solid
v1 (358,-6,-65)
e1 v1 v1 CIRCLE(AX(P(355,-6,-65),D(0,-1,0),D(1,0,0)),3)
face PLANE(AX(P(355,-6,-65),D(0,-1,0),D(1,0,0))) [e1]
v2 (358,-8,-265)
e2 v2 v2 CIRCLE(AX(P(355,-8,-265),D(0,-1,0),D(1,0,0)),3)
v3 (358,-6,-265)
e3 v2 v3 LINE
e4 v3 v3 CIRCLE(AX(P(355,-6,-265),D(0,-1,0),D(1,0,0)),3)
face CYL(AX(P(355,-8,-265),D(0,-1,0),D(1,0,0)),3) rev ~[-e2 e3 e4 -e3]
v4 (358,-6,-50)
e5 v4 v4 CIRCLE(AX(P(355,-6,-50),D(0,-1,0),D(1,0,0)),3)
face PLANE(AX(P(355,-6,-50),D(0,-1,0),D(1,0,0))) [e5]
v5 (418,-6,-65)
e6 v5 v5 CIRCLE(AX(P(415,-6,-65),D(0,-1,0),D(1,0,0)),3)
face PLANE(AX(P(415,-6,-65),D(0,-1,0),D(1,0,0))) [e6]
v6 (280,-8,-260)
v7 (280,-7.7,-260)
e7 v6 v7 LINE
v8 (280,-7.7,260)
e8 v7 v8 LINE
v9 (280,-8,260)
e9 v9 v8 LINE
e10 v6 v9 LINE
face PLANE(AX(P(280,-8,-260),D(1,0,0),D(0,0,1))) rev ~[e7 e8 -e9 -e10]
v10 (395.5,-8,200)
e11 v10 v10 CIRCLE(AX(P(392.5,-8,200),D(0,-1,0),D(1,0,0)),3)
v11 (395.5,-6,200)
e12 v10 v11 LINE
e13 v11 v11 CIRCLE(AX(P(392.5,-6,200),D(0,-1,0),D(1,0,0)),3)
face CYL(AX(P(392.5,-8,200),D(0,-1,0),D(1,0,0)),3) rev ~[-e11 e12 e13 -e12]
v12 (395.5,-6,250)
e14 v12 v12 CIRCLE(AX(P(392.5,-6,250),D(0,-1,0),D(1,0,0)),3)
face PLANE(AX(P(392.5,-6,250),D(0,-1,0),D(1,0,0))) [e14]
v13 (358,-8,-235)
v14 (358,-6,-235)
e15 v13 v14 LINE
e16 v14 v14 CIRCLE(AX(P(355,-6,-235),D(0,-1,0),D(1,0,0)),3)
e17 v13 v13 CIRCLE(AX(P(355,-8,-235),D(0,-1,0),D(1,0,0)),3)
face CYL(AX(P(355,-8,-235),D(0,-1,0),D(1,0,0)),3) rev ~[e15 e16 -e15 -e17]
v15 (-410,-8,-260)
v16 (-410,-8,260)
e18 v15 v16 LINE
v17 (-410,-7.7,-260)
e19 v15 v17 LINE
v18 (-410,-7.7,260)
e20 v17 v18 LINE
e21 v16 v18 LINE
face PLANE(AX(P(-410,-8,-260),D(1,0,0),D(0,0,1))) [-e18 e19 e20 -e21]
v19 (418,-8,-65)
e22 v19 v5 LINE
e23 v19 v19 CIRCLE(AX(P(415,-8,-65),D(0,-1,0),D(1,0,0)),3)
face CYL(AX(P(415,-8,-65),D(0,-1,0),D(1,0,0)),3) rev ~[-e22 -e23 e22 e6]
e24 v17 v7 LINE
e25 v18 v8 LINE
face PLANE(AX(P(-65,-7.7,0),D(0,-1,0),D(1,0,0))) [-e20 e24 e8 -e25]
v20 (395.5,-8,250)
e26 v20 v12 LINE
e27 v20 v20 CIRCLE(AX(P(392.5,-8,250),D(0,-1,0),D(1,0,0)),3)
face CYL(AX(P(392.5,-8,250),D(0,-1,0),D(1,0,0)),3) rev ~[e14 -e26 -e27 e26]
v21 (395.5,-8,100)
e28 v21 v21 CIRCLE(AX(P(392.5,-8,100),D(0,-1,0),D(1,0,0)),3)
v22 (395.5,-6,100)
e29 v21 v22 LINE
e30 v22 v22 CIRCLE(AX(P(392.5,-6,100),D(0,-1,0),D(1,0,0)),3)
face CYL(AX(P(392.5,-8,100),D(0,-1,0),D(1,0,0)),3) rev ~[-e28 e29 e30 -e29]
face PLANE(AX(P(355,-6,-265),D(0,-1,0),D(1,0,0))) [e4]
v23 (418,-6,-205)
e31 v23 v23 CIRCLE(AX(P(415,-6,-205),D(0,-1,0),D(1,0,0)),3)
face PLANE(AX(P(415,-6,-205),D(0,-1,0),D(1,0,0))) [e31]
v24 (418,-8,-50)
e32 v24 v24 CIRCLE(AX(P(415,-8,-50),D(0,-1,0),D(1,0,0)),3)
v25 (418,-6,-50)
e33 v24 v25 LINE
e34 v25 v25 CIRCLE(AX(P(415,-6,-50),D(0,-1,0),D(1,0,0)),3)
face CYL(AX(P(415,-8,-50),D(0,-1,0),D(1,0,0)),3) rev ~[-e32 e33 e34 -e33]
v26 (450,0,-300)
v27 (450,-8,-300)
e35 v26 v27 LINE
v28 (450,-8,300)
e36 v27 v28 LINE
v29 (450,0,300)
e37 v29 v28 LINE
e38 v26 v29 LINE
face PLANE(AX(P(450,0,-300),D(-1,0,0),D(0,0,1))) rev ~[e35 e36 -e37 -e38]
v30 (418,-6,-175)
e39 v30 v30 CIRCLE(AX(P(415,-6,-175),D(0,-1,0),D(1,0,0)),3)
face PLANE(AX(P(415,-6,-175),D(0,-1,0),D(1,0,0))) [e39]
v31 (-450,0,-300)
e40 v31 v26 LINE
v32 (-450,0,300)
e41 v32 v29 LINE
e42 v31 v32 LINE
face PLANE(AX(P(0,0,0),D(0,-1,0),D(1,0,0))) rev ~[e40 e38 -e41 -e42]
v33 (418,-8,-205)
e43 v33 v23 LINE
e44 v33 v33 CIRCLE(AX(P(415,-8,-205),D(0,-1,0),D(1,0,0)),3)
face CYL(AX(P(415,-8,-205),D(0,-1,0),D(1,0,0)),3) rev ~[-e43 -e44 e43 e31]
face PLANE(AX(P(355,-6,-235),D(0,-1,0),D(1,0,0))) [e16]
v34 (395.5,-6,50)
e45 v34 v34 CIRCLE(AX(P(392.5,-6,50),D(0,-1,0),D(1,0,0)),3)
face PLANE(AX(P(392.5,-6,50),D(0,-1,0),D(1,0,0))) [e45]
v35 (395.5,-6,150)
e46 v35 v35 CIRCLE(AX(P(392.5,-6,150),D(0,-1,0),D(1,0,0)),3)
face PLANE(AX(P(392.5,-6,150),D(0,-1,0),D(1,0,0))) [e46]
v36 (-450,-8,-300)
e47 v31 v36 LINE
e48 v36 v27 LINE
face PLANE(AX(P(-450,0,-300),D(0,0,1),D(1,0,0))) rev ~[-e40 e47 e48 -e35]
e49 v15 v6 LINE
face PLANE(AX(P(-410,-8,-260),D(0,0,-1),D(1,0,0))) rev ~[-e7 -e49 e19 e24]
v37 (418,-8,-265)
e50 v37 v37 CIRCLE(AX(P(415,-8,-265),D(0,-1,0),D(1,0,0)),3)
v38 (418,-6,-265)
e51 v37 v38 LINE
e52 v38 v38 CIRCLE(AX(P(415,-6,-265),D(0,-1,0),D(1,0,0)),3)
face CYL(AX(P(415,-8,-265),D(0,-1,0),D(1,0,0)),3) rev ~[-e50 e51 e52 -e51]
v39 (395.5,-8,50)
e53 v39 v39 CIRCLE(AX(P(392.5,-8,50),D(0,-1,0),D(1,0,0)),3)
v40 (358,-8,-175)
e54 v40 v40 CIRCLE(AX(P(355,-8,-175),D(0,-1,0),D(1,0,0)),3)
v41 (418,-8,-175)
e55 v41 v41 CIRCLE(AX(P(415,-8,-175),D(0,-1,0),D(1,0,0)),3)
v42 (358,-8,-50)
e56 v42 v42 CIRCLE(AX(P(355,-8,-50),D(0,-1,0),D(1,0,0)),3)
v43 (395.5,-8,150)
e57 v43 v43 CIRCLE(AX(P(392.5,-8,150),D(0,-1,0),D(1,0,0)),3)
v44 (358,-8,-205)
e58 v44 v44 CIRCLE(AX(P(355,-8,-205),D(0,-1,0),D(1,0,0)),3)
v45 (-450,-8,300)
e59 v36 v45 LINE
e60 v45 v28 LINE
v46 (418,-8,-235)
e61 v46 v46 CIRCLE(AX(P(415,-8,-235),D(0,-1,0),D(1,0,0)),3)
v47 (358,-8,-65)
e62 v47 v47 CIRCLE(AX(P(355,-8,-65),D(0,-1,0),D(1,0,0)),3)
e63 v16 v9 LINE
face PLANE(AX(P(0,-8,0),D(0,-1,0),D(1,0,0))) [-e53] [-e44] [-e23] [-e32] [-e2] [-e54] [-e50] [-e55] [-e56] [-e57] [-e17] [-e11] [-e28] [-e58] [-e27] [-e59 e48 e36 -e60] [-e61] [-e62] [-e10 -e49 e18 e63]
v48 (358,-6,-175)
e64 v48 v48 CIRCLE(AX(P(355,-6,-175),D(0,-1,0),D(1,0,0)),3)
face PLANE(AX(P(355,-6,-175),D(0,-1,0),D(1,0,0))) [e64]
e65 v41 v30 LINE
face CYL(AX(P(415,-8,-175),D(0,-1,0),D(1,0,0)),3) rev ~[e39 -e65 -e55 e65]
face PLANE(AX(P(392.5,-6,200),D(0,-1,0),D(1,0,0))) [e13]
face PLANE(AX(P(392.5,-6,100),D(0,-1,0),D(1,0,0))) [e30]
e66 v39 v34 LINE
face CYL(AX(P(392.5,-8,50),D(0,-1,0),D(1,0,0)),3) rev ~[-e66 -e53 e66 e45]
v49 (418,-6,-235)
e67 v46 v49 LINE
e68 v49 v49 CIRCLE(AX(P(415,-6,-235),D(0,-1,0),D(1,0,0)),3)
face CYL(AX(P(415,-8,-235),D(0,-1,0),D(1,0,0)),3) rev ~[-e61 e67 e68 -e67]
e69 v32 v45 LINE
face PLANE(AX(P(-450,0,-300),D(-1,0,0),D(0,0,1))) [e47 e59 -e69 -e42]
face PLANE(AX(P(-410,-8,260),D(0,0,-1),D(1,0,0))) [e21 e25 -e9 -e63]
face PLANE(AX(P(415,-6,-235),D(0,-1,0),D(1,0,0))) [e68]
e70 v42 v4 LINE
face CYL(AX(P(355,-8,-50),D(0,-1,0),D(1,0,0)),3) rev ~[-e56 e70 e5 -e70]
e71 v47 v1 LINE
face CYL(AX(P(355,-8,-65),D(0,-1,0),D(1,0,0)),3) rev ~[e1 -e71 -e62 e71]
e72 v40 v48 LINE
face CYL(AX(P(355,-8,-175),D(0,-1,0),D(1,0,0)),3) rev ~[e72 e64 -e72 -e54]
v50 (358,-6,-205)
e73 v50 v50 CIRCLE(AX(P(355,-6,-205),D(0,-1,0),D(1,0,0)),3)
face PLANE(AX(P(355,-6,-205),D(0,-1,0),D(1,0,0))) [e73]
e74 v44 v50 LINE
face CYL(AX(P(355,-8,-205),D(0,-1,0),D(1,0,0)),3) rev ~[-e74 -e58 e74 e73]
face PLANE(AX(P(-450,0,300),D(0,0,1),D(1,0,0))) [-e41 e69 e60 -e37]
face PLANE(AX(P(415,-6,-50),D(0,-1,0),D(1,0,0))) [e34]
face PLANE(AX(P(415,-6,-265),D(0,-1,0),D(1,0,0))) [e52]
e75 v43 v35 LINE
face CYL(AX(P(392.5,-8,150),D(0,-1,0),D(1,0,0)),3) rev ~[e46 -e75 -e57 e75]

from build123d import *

# Parameters (mm, degrees)
F0_W     = 900
F0_H     = 600
F1_DEPTH = 8
F2_W     = 690
F2_H     = 520
F3_DEPTH = 0.3
F4_R     = 3
F5_DEPTH = 2


with BuildPart() as f1:
    # F0 (on Front) → F1 (new body)
    with BuildSketch(Plane.XZ):
        Rectangle(F0_W, F0_H)
    extrude(amount=F1_DEPTH)

    # F2 (on face) → F3 (cut)
    with BuildSketch(Plane.XZ.offset(8)):
        with Locations((-65, 0)):
            Rectangle(F2_W, F2_H)
    extrude(amount=-F3_DEPTH, mode=Mode.SUBTRACT)

    # F4 (on face) → F5 (cut)
    with BuildSketch(Plane.XZ.offset(8)):
        with Locations((392.5, 100)):
            Circle(F4_R)
        with Locations((392.5, 150)):
            Circle(F4_R)
        with Locations((415, -65)):
            Circle(F4_R)
        with Locations((392.5, 50)):
            Circle(F4_R)
        with Locations((355, -50)):
            Circle(F4_R)
        with Locations((415, -50)):
            Circle(F4_R)
        with Locations((415, -175)):
            Circle(F4_R)
        with Locations((415, -205)):
            Circle(F4_R)
        with Locations((415, -235)):
            Circle(F4_R)
        with Locations((415, -265)):
            Circle(F4_R)
        with Locations((355, -265)):
            Circle(F4_R)
        with Locations((355, -65)):
            Circle(F4_R)
        with Locations((355, -175)):
            Circle(F4_R)
        with Locations((355, -205)):
            Circle(F4_R)
        with Locations((355, -235)):
            Circle(F4_R)
        with Locations((392.5, 200)):
            Circle(F4_R)
        with Locations((392.5, 250)):
            Circle(F4_R)
    extrude(amount=-F5_DEPTH, mode=Mode.SUBTRACT)


solid = f1.part
